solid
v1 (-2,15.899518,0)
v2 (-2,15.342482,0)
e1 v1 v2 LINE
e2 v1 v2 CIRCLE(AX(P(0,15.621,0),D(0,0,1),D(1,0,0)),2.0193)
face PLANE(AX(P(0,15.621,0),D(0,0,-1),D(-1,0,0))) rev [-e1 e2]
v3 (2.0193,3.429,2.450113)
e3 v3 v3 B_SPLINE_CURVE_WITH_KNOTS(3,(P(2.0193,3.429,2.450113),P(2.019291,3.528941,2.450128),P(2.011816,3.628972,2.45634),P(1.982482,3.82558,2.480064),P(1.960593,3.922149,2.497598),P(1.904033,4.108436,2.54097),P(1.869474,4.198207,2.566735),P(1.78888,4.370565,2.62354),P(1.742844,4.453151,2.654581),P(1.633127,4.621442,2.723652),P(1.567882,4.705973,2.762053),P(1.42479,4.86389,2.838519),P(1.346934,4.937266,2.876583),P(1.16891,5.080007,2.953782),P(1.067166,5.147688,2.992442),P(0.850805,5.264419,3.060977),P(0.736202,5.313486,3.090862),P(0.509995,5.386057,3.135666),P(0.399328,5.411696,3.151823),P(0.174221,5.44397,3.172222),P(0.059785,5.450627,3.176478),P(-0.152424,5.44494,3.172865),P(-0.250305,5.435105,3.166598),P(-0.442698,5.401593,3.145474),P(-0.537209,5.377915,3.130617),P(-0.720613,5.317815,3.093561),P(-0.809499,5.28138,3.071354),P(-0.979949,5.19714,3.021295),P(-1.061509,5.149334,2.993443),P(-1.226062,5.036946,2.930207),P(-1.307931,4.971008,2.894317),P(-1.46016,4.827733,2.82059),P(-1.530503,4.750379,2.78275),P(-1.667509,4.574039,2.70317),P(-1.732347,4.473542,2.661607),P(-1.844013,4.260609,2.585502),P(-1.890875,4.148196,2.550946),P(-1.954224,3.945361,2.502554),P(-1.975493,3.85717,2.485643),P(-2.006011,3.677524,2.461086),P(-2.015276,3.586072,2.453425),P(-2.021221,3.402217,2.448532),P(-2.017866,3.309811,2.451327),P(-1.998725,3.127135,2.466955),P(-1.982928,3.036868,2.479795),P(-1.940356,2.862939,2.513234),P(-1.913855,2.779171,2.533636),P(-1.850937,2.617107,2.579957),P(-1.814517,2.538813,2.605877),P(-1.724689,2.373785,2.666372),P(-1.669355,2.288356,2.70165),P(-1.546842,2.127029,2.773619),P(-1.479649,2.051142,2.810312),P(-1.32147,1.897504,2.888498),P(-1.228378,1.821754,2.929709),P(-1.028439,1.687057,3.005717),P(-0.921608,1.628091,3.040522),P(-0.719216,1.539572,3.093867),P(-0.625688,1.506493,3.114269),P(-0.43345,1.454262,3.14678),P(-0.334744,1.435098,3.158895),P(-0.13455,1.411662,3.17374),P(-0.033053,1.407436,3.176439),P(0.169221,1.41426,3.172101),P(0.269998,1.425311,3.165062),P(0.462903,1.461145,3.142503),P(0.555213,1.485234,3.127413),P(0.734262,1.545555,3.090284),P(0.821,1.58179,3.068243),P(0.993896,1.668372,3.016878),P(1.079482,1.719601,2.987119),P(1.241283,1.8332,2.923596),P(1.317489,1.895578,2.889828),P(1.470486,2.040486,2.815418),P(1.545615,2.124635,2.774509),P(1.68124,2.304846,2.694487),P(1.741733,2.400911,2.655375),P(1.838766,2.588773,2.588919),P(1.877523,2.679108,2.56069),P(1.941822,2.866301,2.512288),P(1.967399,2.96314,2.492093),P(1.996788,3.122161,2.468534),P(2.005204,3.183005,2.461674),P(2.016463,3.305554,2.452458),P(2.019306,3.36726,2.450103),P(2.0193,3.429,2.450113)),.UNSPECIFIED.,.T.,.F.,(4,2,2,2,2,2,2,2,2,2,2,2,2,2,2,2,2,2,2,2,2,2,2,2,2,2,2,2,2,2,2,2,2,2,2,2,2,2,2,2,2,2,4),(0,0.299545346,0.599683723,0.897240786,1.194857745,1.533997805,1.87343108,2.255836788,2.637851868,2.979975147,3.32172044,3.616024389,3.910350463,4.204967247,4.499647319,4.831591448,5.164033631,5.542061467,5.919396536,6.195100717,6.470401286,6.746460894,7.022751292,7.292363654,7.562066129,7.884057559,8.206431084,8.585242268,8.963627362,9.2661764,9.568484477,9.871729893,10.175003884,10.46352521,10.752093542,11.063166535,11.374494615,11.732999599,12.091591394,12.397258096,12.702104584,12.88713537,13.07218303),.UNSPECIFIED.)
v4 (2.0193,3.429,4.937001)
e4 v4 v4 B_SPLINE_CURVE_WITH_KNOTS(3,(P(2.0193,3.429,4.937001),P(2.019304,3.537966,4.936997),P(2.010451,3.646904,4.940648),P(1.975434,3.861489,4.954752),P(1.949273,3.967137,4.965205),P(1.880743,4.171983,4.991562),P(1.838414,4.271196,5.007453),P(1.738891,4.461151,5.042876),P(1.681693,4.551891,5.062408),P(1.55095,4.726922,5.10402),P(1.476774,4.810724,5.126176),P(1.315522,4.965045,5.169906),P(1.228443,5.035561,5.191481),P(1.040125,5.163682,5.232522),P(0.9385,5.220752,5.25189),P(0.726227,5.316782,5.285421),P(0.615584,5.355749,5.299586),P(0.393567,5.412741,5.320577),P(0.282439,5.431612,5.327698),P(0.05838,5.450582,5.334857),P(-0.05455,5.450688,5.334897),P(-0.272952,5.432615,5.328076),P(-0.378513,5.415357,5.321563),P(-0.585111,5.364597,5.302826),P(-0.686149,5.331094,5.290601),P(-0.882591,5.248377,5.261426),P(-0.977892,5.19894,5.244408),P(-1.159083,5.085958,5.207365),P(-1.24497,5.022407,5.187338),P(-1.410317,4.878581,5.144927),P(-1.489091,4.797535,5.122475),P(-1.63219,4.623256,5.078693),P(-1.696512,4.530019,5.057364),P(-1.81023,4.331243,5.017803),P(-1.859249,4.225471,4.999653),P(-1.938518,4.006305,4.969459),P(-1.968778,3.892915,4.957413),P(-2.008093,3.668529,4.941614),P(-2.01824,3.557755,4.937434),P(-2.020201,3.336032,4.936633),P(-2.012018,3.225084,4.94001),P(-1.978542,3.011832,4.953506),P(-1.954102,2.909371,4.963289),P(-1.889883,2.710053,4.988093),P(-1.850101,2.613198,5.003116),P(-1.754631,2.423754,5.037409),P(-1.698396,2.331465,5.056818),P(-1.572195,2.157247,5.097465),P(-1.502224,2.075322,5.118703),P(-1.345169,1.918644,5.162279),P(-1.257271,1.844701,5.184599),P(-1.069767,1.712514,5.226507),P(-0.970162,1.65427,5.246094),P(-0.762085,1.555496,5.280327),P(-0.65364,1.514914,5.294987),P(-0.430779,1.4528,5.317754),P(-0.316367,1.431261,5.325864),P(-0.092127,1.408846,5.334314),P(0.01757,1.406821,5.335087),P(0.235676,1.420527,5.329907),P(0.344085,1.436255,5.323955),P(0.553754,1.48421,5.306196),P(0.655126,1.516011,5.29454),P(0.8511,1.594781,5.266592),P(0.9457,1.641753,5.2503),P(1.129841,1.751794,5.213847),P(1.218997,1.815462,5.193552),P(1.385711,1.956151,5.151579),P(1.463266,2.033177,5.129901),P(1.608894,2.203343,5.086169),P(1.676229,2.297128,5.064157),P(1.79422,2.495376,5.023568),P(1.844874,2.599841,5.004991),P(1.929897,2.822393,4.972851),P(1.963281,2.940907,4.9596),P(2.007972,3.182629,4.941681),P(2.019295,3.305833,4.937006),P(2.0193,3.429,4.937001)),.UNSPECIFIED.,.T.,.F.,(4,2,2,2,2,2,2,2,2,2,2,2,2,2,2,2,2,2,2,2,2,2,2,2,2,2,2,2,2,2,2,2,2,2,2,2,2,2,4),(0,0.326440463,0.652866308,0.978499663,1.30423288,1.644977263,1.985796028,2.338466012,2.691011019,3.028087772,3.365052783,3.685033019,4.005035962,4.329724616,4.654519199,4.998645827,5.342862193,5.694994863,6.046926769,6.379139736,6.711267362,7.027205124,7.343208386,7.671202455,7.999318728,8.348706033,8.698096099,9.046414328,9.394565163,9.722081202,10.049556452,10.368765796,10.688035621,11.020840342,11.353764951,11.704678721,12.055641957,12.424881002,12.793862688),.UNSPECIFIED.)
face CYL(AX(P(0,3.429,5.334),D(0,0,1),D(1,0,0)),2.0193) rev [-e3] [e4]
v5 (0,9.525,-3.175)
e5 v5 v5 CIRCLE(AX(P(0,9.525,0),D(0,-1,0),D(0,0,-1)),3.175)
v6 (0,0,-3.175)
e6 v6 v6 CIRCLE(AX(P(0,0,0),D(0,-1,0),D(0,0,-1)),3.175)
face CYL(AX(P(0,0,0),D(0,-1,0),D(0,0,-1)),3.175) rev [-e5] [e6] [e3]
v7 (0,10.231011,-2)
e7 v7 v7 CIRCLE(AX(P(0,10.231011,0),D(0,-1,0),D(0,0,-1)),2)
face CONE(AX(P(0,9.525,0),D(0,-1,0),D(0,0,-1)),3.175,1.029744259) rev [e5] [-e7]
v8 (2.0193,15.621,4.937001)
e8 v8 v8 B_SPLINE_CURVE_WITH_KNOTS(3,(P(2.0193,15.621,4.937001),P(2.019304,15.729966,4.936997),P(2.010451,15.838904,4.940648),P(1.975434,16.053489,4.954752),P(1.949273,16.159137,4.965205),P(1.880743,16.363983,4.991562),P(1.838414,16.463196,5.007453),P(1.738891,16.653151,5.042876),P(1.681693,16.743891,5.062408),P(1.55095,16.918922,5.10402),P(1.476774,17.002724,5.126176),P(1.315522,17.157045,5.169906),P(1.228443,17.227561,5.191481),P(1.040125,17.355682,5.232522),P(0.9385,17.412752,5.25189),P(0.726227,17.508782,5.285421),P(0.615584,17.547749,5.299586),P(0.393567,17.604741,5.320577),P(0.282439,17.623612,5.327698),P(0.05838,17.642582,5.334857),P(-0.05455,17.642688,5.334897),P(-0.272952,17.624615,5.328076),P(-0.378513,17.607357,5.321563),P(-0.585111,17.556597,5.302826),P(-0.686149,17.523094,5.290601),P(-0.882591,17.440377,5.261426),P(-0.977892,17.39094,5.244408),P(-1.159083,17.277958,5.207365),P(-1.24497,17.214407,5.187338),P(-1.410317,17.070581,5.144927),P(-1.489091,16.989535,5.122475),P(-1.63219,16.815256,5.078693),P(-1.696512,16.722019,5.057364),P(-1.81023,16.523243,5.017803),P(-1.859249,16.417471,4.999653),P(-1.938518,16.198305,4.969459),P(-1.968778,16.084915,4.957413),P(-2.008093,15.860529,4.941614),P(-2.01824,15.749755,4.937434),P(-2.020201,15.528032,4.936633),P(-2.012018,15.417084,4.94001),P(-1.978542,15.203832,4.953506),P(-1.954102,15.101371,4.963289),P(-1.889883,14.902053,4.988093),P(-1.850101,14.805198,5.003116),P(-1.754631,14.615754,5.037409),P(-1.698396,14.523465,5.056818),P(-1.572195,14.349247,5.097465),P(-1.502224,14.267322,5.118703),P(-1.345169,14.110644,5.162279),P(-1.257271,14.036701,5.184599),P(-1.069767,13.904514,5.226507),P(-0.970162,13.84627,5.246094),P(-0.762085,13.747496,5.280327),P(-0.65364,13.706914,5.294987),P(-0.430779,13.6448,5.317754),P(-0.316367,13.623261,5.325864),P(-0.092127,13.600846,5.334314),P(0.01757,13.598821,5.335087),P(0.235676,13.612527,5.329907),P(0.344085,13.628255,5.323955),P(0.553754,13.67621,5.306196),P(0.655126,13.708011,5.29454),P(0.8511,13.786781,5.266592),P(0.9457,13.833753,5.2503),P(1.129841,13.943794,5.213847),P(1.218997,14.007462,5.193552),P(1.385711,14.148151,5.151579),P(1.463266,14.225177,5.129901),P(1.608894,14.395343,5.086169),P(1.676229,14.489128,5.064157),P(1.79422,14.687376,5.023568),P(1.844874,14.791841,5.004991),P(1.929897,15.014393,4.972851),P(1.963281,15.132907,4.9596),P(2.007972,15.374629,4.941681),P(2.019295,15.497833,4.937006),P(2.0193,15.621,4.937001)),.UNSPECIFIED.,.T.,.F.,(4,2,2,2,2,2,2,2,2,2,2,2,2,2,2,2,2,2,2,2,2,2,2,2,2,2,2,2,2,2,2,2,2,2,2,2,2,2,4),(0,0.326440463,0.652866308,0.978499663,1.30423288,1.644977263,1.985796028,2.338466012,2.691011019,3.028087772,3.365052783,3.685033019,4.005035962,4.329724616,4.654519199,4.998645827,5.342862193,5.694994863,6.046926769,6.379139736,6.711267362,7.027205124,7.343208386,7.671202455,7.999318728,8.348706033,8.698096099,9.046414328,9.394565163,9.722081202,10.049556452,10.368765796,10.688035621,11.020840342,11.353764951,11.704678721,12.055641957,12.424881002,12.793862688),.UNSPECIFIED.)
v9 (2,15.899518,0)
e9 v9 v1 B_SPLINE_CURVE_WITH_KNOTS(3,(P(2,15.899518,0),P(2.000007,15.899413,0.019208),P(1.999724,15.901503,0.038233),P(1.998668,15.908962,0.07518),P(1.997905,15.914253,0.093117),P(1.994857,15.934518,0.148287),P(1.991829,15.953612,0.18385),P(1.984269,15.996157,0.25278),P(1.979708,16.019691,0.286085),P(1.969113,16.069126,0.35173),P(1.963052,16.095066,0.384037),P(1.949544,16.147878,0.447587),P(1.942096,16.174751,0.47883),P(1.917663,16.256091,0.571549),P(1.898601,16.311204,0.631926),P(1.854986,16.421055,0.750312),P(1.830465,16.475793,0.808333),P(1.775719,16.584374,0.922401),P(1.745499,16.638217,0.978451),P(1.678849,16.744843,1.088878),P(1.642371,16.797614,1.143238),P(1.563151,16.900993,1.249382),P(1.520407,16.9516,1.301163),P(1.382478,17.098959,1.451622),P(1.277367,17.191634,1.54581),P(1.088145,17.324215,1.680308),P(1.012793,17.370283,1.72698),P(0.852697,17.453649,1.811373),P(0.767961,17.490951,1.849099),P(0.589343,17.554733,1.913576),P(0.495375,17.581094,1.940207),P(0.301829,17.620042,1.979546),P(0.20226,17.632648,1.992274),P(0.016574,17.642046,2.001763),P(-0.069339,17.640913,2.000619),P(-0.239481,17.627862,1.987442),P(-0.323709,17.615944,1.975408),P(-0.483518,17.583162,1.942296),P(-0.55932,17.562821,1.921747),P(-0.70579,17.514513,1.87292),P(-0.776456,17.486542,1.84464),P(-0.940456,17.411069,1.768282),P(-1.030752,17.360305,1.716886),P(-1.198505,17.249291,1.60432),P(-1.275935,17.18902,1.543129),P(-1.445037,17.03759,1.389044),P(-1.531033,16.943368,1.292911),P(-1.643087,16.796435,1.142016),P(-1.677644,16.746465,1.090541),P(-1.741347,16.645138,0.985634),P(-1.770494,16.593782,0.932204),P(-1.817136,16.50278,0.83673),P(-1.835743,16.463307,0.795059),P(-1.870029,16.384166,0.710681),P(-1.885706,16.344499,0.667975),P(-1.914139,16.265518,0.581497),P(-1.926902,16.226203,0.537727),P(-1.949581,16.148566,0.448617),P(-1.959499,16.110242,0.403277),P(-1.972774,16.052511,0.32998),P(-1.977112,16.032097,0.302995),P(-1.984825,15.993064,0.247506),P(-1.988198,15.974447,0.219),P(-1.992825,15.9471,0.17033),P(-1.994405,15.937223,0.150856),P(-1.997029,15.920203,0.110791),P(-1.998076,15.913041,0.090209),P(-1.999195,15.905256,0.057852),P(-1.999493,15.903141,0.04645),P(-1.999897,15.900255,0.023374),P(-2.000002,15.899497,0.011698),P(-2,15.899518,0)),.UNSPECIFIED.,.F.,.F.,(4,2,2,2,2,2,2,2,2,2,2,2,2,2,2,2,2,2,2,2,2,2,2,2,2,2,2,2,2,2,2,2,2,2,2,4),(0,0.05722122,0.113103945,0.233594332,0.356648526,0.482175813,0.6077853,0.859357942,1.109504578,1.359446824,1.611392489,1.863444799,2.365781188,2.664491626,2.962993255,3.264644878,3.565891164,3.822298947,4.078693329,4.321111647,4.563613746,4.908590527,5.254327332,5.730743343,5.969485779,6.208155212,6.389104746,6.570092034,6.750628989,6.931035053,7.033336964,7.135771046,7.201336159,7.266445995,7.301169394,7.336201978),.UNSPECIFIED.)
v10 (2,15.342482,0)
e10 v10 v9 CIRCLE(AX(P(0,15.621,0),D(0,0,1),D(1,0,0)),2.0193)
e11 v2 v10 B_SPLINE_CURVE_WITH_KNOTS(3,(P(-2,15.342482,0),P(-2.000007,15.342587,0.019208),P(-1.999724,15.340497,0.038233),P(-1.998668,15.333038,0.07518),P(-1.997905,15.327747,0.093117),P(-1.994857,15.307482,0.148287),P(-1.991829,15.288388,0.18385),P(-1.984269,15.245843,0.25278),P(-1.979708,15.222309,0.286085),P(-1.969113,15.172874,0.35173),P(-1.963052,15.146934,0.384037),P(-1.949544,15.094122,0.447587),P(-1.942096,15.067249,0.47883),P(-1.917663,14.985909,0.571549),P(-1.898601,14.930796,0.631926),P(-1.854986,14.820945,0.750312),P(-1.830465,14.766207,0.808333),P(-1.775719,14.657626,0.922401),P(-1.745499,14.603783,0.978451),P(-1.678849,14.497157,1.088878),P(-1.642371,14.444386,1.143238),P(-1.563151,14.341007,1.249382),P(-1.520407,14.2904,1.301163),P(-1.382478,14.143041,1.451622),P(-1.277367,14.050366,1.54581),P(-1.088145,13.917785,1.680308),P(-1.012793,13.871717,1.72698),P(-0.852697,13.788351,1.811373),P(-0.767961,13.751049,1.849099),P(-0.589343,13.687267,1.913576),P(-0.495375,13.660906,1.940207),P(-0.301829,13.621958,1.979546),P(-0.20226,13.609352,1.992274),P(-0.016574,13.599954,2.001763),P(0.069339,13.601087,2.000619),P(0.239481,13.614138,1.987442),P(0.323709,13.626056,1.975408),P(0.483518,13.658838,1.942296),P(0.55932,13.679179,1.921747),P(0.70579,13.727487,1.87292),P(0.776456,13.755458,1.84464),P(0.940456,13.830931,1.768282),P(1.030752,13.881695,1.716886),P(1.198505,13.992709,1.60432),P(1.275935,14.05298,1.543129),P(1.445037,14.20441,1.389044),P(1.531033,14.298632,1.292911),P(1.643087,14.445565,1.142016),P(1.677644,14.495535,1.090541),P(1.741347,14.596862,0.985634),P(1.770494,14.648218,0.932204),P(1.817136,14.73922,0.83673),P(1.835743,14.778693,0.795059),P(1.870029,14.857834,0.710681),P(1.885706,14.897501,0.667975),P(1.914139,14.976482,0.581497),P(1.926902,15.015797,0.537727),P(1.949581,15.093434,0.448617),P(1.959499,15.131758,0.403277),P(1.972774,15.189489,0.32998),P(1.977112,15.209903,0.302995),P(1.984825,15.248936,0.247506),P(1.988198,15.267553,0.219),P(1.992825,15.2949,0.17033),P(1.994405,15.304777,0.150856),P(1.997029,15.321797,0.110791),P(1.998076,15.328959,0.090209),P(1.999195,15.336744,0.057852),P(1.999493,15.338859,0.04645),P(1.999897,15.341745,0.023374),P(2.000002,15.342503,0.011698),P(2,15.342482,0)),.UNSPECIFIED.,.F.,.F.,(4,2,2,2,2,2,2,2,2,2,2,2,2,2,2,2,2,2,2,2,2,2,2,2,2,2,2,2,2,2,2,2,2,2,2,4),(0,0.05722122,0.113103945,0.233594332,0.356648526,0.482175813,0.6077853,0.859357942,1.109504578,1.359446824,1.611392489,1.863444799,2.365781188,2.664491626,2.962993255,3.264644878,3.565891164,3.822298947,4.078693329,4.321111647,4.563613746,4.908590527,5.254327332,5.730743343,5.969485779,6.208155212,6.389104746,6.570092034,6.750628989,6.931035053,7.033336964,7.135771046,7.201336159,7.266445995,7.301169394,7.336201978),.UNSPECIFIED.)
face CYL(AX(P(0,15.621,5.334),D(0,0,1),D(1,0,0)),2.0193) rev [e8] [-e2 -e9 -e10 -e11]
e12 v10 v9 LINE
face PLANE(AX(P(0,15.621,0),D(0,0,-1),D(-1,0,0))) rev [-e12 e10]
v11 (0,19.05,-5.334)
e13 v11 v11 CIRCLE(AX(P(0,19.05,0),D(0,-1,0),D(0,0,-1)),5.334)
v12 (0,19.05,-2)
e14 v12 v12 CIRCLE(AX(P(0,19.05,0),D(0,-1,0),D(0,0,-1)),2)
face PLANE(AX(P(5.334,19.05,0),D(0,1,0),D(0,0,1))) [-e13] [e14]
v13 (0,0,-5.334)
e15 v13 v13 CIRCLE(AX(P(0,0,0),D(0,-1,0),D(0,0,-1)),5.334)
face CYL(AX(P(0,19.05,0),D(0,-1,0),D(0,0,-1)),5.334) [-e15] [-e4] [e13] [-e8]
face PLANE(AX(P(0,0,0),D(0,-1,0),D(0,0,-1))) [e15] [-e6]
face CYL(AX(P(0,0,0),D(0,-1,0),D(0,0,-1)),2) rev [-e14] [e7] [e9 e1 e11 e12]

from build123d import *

# Parameters (mm, degrees)
SKETCH1_W                        = 5.334
SKETCH1_H                        = 19.05
F_21_0_159_DIAMETER_HOLE1_D      = 4.0386
F_21_0_159_DIAMETER_HOLE1_DEPTH  = 5.334
F_21_0_159_DIAMETER_HOLE2_REACH  = 21.654
F_21_0_159_DIAMETER_HOLE2_BORE_R = 2.0193


with BuildPart() as part:
    # Sketch1 → Revolve1 (revolve)
    with BuildSketch(Plane.XY, mode=Mode.PRIVATE) as revolve1_sk:
        with Locations((2.667, 9.525)):
            Rectangle(SKETCH1_W, SKETCH1_H)
    revolve(revolve1_sk.sketch.rotate(Axis((0, 19.05, 0), (0, -1, 0)), 270), axis=Axis((0, 19.05, 0), (0, -1, 0)))

    # Sketch2 → CSK for #6 Flat Head Machine Screw (100)1 (revolve, cut)
    with BuildSketch(Plane(origin=(0, 0, 0), x_dir=(0, 0, -1), z_dir=(1, 0, 0))):
        Polygon((0, 0), (0, 19.05), (2, 19.05), (2, 10.231011227), (3.175, 9.525), (3.175, 0), align=None)
    revolve(axis=Axis((0, -6.35, 0), (0, 1, 0)), mode=Mode.SUBTRACT)

    # #21 (0.159) Diameter Hole1
    with Locations(Plane(origin=(0, 15.621, 5.334), x_dir=(1, 0, 0), z_dir=(0, 0, 1))):
        with Locations((0, 0)):
            Hole(F_21_0_159_DIAMETER_HOLE1_D / 2, depth=F_21_0_159_DIAMETER_HOLE1_DEPTH)

    # #21 (0.159) Diameter Hole2 bore (on position points) → #21 (0.159) Diameter Hole2 (cut, up to next)
    with BuildSketch(Plane(origin=(0, 3.429, 5.334), x_dir=(1, 0, 0), z_dir=(0, 0, 1)), mode=Mode.PRIVATE) as f_21_0_159_diameter_hole2_sk1:
        Circle(F_21_0_159_DIAMETER_HOLE2_BORE_R)
    f_21_0_159_diameter_hole2_tool1 = extrude(f_21_0_159_diameter_hole2_sk1.sketch, amount=-F_21_0_159_DIAMETER_HOLE2_REACH, mode=Mode.PRIVATE) & part.part
    add(f_21_0_159_diameter_hole2_tool1.solids().sort_by_distance((0, 3.429, 5.334))[0], mode=Mode.SUBTRACT)


solid = part.part
